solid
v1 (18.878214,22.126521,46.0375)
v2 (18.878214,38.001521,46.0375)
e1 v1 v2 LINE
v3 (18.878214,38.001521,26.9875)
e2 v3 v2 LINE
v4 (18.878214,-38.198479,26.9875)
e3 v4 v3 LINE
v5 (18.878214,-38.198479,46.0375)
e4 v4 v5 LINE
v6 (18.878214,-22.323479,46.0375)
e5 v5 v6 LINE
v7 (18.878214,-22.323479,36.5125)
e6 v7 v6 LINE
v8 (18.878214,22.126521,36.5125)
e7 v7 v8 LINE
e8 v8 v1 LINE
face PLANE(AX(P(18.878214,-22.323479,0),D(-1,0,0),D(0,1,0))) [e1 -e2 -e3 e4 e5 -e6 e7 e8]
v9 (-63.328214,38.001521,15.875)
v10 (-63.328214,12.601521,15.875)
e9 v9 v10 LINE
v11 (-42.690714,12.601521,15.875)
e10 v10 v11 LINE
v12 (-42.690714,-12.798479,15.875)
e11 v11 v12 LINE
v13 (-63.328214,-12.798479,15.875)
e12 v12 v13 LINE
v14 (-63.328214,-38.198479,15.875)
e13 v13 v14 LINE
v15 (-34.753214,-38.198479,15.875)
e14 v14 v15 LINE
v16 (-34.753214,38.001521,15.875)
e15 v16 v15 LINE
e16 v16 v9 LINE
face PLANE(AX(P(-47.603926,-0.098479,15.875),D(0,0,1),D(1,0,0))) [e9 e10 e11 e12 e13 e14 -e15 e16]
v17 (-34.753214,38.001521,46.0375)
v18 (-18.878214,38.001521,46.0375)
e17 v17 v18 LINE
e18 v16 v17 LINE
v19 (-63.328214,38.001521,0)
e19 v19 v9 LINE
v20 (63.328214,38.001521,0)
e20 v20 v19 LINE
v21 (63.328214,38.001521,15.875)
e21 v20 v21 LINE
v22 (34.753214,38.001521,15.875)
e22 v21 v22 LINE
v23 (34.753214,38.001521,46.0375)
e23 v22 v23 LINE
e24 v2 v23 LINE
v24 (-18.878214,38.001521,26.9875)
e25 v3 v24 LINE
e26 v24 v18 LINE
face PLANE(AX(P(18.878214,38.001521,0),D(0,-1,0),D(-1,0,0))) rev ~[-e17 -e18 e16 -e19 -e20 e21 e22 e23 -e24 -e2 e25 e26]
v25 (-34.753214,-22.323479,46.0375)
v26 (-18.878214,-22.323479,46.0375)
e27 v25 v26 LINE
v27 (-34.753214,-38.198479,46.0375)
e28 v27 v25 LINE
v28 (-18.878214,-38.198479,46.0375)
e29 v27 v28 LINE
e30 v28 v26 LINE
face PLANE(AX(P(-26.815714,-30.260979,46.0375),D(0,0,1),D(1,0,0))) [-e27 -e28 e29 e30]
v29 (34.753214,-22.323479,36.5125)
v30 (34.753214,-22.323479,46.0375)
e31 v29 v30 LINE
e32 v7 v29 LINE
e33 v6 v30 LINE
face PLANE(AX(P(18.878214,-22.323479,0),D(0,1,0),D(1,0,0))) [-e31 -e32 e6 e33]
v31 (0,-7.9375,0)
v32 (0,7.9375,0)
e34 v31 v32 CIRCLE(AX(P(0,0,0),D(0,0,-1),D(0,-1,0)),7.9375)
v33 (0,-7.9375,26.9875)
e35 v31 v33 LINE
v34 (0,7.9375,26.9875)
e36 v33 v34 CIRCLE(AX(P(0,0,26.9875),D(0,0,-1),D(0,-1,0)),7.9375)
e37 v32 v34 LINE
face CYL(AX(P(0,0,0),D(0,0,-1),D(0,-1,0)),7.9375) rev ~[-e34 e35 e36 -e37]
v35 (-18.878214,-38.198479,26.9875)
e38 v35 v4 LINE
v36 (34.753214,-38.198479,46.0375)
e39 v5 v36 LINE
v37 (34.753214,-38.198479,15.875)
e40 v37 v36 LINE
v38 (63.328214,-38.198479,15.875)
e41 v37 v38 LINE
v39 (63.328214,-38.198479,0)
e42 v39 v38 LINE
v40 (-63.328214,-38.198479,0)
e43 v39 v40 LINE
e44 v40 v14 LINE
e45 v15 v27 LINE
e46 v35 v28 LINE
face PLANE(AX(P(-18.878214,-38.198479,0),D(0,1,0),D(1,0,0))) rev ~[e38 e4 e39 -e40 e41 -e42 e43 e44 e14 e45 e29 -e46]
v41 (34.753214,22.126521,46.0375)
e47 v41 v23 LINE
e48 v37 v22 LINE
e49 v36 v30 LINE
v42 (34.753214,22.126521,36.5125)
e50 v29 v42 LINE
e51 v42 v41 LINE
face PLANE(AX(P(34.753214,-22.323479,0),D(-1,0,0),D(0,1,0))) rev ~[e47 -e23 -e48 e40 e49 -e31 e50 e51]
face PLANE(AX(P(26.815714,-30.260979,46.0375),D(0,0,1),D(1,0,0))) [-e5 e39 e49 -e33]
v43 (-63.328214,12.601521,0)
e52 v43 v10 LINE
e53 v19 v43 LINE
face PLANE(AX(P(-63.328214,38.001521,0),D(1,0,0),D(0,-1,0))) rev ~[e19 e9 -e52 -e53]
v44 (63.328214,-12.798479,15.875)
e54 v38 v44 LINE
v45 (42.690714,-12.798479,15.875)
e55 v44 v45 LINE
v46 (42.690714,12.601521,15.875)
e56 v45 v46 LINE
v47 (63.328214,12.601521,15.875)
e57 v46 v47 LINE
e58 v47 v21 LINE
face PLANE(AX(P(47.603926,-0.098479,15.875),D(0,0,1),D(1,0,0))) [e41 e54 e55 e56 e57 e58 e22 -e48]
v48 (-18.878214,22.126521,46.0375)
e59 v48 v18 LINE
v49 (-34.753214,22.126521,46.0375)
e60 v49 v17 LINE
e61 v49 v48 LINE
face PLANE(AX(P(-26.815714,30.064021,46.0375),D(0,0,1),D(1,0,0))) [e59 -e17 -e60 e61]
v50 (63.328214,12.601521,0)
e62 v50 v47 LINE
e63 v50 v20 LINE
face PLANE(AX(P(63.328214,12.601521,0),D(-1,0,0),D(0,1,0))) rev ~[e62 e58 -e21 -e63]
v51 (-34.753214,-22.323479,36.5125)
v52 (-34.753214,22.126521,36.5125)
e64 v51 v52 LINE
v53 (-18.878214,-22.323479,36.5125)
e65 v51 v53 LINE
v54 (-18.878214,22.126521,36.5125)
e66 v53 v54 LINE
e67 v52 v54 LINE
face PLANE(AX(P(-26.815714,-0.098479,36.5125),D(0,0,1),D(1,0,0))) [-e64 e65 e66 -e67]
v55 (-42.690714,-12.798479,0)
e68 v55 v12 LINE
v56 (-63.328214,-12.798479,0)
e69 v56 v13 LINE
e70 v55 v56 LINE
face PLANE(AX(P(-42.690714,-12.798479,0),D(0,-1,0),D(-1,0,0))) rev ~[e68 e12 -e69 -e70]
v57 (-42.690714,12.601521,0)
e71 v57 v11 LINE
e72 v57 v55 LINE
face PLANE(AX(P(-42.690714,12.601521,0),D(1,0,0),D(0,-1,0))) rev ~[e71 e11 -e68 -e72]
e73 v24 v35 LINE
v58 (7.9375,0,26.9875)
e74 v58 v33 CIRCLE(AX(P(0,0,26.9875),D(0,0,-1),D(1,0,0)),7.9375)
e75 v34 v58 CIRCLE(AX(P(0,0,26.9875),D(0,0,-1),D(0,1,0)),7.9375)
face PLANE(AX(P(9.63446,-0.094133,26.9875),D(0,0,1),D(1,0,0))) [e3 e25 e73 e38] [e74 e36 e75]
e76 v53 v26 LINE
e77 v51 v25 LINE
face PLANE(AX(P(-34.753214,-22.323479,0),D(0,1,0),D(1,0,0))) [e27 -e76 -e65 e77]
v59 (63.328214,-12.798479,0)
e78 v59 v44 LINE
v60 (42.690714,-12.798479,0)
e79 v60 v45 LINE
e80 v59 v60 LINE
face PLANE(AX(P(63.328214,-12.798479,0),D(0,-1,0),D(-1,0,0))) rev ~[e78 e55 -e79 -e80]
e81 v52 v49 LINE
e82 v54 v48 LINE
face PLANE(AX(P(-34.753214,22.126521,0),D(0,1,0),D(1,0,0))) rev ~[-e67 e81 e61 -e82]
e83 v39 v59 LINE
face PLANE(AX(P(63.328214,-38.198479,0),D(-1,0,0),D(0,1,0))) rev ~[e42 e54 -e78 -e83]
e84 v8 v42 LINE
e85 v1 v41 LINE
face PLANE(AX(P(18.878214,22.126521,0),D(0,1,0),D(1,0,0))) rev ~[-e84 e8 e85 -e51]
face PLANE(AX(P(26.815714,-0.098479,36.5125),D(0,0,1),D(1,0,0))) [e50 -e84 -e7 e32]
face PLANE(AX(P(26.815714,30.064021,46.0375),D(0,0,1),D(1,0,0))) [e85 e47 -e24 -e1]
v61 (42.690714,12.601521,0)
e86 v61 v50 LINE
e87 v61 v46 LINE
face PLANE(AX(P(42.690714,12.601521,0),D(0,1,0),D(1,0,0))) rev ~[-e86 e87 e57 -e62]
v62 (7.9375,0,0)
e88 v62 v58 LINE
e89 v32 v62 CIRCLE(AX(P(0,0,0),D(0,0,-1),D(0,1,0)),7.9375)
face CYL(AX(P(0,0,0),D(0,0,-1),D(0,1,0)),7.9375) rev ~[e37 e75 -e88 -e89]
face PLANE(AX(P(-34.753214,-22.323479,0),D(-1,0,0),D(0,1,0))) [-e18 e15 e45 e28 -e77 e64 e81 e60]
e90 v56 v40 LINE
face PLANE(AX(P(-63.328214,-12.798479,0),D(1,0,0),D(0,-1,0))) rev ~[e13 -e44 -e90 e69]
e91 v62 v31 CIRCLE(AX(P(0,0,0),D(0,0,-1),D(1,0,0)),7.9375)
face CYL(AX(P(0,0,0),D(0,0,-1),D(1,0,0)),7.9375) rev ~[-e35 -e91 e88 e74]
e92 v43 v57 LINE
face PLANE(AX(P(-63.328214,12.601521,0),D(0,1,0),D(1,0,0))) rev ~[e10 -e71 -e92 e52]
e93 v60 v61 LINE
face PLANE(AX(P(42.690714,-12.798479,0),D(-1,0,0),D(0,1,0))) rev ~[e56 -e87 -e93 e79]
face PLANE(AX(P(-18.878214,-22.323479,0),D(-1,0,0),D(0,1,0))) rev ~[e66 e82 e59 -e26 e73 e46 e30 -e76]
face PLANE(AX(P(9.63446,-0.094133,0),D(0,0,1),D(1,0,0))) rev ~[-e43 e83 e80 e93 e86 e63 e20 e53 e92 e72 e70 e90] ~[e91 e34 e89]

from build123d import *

# Parameters (mm, degrees)
F1_DEPTH = 31.75
F0_W     = 31.75
F0_H     = 31.75
F2_DEPTH = 92.075
F0_H_2   = 88.9
F3_DEPTH = 73.025
F4_DEPTH = 53.975
F5_SCALE = 0.5


with BuildPart() as f1:
    # F0 (on Top) → F1 (new body)
    with BuildSketch(Plane.XY):
        Polygon((126.6564279795, 76.0030429602), (69.5064279795, 76.0030429602), (69.5064279795, 44.2530429602), (69.5064279795, -44.6469570398), (69.5064279795, -76.3969570398), (126.6564279795, -76.3969570398), (126.6564279795, -25.5969570398), (85.3814279795, -25.5969570398), (85.3814279795, 25.2030429602), (126.6564279795, 25.2030429602), align=None)
    extrude(amount=F1_DEPTH)

    # F0 (on Top) → F2 (join)
    with BuildSketch(Plane.XY):
        with Locations((53.6314279795, 60.1280429602)):
            Rectangle(F0_W, F0_H)
        with Locations((53.6314279795, -60.5219570398)):
            Rectangle(F0_W, F0_H)
    extrude(amount=F2_DEPTH)

    # F0 (on Top) → F3 (join)
    with BuildSketch(Plane.XY):
        with Locations((53.6314279795, -0.1969570398)):
            Rectangle(F0_W, F0_H_2)
    extrude(amount=F3_DEPTH)



with BuildPart() as f1b:
    # F0 (on Top) → F1, piece 2 (new body)
    with BuildSketch(Plane.XY):
        Polygon((-69.5064279795, 76.0030429602), (-126.6564279795, 76.0030429602), (-126.6564279795, 25.2030429602), (-85.3814279795, 25.2030429602), (-85.3814279795, -25.5969570398), (-126.6564279795, -25.5969570398), (-126.6564279795, -76.3969570398), (-69.5064279795, -76.3969570398), (-69.5064279795, -44.6469570398), (-69.5064279795, 44.2530429602), align=None)
    extrude(amount=F1_DEPTH)

    # F0 (on Top) → F2, piece 2 (join)
    with BuildSketch(Plane.XY):
        with Locations((-53.6314279795, 60.1280429602)):
            Rectangle(F0_W, F0_H)
        with Locations((-53.6314279795, -60.5219570398)):
            Rectangle(F0_W, F0_H)
    extrude(amount=F2_DEPTH)

    # F0 (on Top) → F3, piece 2 (join)
    with BuildSketch(Plane.XY):
        with Locations((-53.6314279795, -0.1969570398)):
            Rectangle(F0_W, F0_H_2)
    extrude(amount=F3_DEPTH)


with BuildPart() as f1_1:
    add(f1.part)

    add(f1b.part)  # F4 merges F1b
    # F0 (on Top) → F4 (join)
    with BuildSketch(Plane.XY):
        with BuildLine():
            Line((37.7564279795, 76.0030429602), (0, 76.0030429602))
            Line((0, 76.0030429602), (0, 15.875))
            ThreePointArc((0, 15.875), (11.2253201513, 11.2253201513), (15.875, 0))
            ThreePointArc((15.875, 0), (11.2253201513, -11.2253201513), (0, -15.875))
            Line((0, -15.875), (0, -76.3969570398))
            Line((0, -76.3969570398), (37.7564279795, -76.3969570398))
            Line((37.7564279795, -76.3969570398), (37.7564279795, -44.6469570398))
            Line((37.7564279795, -44.6469570398), (37.7564279795, 44.2530429602))
            Line((37.7564279795, 44.2530429602), (37.7564279795, 76.0030429602))
        make_face()
        with BuildLine():
            Line((0, 76.0030429602), (-37.7564279795, 76.0030429602))
            Line((-37.7564279795, 76.0030429602), (-37.7564279795, 44.2530429602))
            Line((-37.7564279795, 44.2530429602), (-37.7564279795, -44.6469570398))
            Line((-37.7564279795, -44.6469570398), (-37.7564279795, -76.3969570398))
            Line((-37.7564279795, -76.3969570398), (0, -76.3969570398))
            Line((0, -76.3969570398), (0, -15.875))
            ThreePointArc((0, -15.875), (-15.875, 0), (0, 15.875))
            Line((0, 15.875), (0, 76.0030429602))
        make_face()
    extrude(amount=F4_DEPTH)


with BuildPart() as f1_2:
    # F5: moved
    add(f1_1.part.scale(F5_SCALE))


solid = f1_2.part
